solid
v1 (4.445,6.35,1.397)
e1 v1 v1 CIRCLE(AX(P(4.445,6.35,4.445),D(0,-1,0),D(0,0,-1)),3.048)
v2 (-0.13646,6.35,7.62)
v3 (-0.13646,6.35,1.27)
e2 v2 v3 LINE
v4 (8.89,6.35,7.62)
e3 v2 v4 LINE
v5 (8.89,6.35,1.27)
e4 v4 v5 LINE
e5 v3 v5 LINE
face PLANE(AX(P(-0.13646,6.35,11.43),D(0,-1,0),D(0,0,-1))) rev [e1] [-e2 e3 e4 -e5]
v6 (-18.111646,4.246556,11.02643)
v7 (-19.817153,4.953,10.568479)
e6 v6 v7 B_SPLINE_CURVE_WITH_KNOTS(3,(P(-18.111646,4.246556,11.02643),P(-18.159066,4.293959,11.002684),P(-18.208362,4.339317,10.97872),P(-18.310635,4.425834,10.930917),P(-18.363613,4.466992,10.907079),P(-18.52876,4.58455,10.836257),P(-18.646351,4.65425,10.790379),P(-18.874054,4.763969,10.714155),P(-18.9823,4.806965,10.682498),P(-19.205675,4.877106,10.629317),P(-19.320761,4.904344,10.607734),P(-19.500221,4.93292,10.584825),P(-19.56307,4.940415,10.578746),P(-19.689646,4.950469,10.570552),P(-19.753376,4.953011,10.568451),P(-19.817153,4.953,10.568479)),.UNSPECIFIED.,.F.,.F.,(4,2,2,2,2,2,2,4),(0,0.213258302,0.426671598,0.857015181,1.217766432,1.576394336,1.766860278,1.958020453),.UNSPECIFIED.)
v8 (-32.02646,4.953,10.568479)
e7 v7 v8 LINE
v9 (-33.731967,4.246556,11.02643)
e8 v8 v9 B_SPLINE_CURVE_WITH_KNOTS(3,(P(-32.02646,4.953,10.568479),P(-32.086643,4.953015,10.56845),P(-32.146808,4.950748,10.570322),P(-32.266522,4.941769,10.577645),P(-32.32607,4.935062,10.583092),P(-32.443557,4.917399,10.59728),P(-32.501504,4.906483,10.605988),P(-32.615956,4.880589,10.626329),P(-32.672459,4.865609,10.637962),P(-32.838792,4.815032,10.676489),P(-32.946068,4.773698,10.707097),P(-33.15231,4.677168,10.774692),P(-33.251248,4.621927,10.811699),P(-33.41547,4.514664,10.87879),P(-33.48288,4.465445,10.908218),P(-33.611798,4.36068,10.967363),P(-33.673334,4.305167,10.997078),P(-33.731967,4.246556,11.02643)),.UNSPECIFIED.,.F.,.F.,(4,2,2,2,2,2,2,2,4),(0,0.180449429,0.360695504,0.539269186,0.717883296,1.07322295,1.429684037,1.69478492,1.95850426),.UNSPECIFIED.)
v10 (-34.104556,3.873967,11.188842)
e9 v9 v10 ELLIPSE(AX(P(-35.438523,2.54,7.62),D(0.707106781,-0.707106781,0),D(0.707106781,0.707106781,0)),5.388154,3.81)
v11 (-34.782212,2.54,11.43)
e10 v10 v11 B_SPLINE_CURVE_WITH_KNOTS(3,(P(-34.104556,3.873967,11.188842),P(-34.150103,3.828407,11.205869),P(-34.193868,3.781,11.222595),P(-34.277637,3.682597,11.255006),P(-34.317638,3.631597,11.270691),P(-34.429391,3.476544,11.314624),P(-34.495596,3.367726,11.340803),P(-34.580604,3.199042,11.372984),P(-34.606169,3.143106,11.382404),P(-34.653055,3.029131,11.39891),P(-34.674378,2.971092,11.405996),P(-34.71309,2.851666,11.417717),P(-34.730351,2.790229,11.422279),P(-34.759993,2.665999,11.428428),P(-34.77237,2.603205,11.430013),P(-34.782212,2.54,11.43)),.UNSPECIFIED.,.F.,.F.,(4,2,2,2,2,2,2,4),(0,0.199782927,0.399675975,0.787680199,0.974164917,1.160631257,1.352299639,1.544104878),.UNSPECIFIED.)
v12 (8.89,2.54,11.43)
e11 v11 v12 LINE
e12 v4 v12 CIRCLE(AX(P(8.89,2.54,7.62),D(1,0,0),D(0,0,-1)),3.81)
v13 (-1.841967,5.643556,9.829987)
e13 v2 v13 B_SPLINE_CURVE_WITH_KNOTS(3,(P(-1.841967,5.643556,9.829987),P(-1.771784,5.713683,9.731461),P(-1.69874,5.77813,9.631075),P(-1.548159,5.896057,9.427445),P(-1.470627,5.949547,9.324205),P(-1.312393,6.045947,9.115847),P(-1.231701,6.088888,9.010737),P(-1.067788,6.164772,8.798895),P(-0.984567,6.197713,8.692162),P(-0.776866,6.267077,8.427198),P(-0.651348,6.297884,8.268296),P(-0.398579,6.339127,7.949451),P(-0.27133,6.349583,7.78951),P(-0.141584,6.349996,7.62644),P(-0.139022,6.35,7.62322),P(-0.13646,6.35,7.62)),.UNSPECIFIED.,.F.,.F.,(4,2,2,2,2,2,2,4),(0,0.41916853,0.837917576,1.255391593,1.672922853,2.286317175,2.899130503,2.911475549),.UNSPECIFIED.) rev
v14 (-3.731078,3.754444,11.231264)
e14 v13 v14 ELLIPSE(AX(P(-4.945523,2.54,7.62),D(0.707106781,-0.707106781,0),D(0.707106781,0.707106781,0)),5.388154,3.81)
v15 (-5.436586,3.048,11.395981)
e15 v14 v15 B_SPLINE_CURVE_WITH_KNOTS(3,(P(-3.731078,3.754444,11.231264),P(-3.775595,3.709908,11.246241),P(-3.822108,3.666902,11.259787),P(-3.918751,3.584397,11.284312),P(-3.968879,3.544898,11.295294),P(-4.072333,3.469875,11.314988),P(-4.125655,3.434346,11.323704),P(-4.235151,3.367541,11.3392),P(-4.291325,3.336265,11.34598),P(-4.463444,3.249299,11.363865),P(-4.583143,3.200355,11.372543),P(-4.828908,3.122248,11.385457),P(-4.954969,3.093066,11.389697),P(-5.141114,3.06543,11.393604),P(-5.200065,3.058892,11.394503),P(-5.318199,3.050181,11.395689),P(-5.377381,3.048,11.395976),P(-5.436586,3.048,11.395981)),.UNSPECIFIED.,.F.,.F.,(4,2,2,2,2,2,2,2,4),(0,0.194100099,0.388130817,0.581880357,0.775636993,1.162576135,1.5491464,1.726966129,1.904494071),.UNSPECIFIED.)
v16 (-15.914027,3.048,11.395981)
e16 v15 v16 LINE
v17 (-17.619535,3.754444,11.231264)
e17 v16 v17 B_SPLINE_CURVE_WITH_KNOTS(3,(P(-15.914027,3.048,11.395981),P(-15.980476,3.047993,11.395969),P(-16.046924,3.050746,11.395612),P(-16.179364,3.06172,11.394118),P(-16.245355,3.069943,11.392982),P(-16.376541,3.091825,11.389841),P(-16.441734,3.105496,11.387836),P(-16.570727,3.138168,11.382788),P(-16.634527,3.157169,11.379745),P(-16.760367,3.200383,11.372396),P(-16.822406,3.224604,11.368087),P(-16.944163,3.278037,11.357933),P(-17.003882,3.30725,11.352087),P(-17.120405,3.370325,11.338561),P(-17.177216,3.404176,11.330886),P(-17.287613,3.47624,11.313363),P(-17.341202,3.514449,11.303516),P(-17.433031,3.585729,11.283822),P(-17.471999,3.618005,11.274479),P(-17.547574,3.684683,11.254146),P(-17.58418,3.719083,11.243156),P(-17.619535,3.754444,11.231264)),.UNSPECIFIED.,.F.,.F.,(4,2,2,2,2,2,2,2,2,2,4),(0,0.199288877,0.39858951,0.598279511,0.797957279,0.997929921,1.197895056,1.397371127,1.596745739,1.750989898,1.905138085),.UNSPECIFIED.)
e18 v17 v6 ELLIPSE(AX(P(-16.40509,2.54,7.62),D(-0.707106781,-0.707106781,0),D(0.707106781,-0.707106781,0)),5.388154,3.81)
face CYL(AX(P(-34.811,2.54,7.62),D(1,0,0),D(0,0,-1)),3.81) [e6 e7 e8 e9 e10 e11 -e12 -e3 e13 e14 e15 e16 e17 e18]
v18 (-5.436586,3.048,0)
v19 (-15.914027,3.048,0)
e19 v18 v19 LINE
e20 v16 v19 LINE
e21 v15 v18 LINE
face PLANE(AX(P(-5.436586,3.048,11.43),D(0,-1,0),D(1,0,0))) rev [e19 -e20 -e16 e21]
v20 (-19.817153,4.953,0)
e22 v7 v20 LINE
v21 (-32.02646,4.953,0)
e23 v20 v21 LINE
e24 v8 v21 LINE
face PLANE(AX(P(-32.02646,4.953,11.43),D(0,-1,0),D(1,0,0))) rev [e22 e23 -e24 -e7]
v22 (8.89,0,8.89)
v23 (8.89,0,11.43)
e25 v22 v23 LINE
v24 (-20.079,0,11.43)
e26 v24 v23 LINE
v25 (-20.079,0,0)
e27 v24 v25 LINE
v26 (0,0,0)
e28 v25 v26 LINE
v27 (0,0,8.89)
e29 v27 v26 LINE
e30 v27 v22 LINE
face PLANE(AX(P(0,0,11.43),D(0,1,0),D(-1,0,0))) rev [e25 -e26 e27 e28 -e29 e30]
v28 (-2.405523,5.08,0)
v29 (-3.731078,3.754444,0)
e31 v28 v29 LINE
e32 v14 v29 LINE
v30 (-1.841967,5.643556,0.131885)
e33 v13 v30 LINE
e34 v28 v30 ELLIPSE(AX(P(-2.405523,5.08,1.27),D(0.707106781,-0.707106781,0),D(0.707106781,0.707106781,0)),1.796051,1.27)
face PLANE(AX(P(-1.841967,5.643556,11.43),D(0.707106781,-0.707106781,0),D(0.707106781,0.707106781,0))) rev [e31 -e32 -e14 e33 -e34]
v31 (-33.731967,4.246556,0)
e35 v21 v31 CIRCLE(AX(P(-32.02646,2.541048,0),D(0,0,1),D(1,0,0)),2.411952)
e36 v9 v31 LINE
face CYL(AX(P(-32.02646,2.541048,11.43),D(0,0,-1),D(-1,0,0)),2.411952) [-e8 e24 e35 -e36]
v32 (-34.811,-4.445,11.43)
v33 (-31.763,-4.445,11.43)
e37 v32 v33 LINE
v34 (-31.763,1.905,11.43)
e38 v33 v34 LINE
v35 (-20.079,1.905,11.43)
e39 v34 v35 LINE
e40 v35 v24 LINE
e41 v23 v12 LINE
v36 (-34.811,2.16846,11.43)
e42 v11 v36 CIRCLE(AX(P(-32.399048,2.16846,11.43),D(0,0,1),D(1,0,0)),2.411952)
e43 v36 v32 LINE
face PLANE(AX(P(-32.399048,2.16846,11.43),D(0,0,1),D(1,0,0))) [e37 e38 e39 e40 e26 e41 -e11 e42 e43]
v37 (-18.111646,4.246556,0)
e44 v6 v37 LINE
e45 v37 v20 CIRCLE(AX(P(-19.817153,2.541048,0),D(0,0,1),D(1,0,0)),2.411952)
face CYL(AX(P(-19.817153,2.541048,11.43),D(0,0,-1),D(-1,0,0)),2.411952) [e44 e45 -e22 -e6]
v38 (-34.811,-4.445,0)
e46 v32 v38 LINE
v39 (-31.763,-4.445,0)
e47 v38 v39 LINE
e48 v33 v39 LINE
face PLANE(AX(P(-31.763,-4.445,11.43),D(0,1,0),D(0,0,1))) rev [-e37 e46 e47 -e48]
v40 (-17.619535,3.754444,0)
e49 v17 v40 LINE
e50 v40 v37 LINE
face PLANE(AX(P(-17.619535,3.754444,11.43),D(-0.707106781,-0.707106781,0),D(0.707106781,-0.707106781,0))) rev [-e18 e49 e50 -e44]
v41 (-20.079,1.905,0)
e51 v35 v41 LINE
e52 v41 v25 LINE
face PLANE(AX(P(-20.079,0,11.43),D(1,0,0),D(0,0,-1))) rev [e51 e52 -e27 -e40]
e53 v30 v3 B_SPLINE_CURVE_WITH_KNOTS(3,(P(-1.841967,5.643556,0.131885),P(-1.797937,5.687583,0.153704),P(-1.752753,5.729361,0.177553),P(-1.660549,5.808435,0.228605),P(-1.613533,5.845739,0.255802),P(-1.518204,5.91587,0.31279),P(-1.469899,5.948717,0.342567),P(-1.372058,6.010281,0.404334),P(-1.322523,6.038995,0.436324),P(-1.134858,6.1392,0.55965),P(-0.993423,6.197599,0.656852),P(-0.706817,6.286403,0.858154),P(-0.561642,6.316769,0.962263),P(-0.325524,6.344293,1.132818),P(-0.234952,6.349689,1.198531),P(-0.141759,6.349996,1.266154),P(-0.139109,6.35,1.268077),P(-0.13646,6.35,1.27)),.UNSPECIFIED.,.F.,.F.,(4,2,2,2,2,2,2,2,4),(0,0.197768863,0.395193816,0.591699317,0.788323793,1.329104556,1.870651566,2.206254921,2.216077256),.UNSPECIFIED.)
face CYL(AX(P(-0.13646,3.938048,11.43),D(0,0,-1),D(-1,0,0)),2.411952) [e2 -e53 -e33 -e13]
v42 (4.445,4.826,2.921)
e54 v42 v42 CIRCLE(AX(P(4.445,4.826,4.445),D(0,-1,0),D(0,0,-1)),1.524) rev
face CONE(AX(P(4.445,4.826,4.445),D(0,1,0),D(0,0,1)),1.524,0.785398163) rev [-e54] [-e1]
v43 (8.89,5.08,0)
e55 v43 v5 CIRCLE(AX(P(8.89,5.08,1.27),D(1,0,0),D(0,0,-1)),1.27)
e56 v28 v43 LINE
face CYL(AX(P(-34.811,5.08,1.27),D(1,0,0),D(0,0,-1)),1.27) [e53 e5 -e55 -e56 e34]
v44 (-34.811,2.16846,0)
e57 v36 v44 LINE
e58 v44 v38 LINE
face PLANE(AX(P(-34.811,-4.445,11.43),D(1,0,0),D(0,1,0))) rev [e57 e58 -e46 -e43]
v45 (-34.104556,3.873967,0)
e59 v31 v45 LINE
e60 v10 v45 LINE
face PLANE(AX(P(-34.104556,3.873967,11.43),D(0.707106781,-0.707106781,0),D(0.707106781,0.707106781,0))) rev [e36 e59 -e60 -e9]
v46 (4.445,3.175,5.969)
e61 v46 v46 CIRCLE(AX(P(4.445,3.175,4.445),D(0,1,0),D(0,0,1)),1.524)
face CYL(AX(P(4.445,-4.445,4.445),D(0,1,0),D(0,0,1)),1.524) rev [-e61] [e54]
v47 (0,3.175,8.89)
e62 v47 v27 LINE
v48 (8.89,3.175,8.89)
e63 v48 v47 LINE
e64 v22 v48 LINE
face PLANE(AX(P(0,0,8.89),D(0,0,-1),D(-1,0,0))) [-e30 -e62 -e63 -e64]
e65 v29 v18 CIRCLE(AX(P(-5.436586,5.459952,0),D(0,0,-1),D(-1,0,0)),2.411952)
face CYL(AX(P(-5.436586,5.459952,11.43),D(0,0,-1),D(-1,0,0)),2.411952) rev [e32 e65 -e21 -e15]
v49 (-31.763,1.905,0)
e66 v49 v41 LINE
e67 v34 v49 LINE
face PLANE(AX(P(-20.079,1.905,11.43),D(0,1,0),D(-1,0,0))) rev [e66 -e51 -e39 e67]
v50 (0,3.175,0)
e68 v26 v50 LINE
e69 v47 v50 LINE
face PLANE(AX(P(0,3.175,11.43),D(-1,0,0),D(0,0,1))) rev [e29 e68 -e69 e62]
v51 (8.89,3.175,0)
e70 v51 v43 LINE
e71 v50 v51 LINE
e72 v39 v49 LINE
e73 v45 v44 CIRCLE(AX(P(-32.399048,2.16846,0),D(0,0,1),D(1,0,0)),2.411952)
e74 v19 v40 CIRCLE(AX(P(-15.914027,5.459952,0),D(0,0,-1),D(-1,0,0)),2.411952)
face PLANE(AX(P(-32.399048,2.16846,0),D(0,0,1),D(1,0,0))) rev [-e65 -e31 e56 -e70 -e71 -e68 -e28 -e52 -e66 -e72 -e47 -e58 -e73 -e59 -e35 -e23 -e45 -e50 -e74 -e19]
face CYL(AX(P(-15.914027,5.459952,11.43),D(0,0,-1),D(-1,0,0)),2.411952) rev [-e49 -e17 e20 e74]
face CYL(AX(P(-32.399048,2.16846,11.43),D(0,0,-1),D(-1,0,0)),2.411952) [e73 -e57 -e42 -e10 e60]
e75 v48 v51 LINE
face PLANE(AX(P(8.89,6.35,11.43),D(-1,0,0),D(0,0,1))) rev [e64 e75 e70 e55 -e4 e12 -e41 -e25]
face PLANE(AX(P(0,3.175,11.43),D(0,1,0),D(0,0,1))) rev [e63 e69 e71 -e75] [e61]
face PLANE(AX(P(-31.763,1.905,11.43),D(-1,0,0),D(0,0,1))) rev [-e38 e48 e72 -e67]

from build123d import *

# Parameters (mm, degrees)
BOSS_EXTRUDE1_DEPTH     = 11.43
SKETCH2_W               = 8.89
SKETCH2_H               = 3.175
BOSS_EXTRUDE2_DEPTH     = 2.54
SKETCH3_R               = 1.524
CUT_EXTRUDE1_DEPTH      = 11.795
CUT_EXTRUDE2_DEPTH      = 1
CUT_EXTRUDE2_DEPTH_BACK = 44.701
CHAMFER1_SIZE           = 1.524


with BuildPart() as part:
    # Sketch1 → Boss-Extrude1 (new body)
    with BuildSketch(Plane.XY):
        with BuildLine():
            Line((-20.079, 0), (-20.079, 1.905))
            Line((-20.079, 1.905), (-31.763, 1.905))
            Line((-31.763, 1.905), (-31.763, -4.445))
            Line((-31.763, -4.445), (-34.811, -4.445))
            Line((-34.811, -4.445), (-34.811, 2.168459549))
            ThreePointArc((-34.811, 2.168459549), (-34.627401057, 3.091473766), (-34.104555503, 3.873967435))
            Line((-34.104555503, 3.873967435), (-33.731967435, 4.246555503))
            ThreePointArc((-33.731967435, 4.246555503), (-32.949473766, 4.769401057), (-32.026459549, 4.953))
            Line((-32.026459549, 4.953), (-19.817153407, 4.953))
            ThreePointArc((-19.817153407, 4.953), (-18.89413919, 4.769401057), (-18.11164552, 4.246555503))
            Line((-18.11164552, 4.246555503), (-17.619534515, 3.754444497))
            ThreePointArc((-17.619534515, 3.754444497), (-16.837040845, 3.231598943), (-15.914026628, 3.048))
            Line((-15.914026628, 3.048), (-5.436586327, 3.048))
            ThreePointArc((-5.436586327, 3.048), (-4.51357211, 3.231598943), (-3.731078441, 3.754444497))
            Line((-3.731078441, 3.754444497), (-1.841967435, 5.643555503))
            ThreePointArc((-1.841967435, 5.643555503), (-1.059473766, 6.166401057), (-0.136459549, 6.35))
            Line((-0.136459549, 6.35), (8.89, 6.35))
            Line((8.89, 6.35), (8.89, 3.175))
            Line((8.89, 3.175), (0, 3.175))
            Line((0, 3.175), (0, 0))
            Line((0, 0), (-20.079, 0))
        make_face()
    extrude(amount=BOSS_EXTRUDE1_DEPTH)

    # Sketch2 → Boss-Extrude2 (add)
    with BuildSketch(Plane.XY.offset(11.43)):
        with Locations((4.445, 1.5875)):
            Rectangle(SKETCH2_W, SKETCH2_H)
    extrude(amount=-BOSS_EXTRUDE2_DEPTH)

    # Sketch3 → Cut-Extrude1 (cut, through all)
    with BuildSketch(Plane(origin=(0, 6.35, 0), x_dir=(1, 0, 0), z_dir=(0, 1, 0))):
        with Locations((4.445, -4.445)):
            Circle(SKETCH3_R)
    extrude(amount=-CUT_EXTRUDE1_DEPTH, mode=Mode.SUBTRACT)

    # Sketch4 → Cut-Extrude2 (cut, two sides)
    with BuildSketch(Plane(origin=(8.89, 0, 0), x_dir=(0, 0, -1), z_dir=(1, 0, 0))) as cut_extrude2_sk:
        with BuildLine():
            Line((-11.43, 3.175), (-11.43, 2.54))
            ThreePointArc((-11.43, 2.54), (-10.314076836, 5.234076836), (-7.62, 6.35))
            Line((-7.62, 6.35), (-11.43, 6.35))
            Line((-11.43, 6.35), (-11.43, 3.175))
        make_face()
        with BuildLine():
            Line((0, 6.35), (-1.27, 6.35))
            ThreePointArc((-1.27, 6.35), (-0.371974388, 5.978025612), (0, 5.08))
            Line((0, 5.08), (0, 6.35))
        make_face()
    extrude(amount=CUT_EXTRUDE2_DEPTH, mode=Mode.SUBTRACT)
    extrude(cut_extrude2_sk.sketch, amount=-CUT_EXTRUDE2_DEPTH_BACK, mode=Mode.SUBTRACT)

    # Chamfer1
    chamfer1_edges = [part.edges().sort_by_distance(p)[0] for p in [
        (2.921, 6.35, 4.445),
    ]]
    chamfer(chamfer1_edges, length=CHAMFER1_SIZE)


solid = part.part
